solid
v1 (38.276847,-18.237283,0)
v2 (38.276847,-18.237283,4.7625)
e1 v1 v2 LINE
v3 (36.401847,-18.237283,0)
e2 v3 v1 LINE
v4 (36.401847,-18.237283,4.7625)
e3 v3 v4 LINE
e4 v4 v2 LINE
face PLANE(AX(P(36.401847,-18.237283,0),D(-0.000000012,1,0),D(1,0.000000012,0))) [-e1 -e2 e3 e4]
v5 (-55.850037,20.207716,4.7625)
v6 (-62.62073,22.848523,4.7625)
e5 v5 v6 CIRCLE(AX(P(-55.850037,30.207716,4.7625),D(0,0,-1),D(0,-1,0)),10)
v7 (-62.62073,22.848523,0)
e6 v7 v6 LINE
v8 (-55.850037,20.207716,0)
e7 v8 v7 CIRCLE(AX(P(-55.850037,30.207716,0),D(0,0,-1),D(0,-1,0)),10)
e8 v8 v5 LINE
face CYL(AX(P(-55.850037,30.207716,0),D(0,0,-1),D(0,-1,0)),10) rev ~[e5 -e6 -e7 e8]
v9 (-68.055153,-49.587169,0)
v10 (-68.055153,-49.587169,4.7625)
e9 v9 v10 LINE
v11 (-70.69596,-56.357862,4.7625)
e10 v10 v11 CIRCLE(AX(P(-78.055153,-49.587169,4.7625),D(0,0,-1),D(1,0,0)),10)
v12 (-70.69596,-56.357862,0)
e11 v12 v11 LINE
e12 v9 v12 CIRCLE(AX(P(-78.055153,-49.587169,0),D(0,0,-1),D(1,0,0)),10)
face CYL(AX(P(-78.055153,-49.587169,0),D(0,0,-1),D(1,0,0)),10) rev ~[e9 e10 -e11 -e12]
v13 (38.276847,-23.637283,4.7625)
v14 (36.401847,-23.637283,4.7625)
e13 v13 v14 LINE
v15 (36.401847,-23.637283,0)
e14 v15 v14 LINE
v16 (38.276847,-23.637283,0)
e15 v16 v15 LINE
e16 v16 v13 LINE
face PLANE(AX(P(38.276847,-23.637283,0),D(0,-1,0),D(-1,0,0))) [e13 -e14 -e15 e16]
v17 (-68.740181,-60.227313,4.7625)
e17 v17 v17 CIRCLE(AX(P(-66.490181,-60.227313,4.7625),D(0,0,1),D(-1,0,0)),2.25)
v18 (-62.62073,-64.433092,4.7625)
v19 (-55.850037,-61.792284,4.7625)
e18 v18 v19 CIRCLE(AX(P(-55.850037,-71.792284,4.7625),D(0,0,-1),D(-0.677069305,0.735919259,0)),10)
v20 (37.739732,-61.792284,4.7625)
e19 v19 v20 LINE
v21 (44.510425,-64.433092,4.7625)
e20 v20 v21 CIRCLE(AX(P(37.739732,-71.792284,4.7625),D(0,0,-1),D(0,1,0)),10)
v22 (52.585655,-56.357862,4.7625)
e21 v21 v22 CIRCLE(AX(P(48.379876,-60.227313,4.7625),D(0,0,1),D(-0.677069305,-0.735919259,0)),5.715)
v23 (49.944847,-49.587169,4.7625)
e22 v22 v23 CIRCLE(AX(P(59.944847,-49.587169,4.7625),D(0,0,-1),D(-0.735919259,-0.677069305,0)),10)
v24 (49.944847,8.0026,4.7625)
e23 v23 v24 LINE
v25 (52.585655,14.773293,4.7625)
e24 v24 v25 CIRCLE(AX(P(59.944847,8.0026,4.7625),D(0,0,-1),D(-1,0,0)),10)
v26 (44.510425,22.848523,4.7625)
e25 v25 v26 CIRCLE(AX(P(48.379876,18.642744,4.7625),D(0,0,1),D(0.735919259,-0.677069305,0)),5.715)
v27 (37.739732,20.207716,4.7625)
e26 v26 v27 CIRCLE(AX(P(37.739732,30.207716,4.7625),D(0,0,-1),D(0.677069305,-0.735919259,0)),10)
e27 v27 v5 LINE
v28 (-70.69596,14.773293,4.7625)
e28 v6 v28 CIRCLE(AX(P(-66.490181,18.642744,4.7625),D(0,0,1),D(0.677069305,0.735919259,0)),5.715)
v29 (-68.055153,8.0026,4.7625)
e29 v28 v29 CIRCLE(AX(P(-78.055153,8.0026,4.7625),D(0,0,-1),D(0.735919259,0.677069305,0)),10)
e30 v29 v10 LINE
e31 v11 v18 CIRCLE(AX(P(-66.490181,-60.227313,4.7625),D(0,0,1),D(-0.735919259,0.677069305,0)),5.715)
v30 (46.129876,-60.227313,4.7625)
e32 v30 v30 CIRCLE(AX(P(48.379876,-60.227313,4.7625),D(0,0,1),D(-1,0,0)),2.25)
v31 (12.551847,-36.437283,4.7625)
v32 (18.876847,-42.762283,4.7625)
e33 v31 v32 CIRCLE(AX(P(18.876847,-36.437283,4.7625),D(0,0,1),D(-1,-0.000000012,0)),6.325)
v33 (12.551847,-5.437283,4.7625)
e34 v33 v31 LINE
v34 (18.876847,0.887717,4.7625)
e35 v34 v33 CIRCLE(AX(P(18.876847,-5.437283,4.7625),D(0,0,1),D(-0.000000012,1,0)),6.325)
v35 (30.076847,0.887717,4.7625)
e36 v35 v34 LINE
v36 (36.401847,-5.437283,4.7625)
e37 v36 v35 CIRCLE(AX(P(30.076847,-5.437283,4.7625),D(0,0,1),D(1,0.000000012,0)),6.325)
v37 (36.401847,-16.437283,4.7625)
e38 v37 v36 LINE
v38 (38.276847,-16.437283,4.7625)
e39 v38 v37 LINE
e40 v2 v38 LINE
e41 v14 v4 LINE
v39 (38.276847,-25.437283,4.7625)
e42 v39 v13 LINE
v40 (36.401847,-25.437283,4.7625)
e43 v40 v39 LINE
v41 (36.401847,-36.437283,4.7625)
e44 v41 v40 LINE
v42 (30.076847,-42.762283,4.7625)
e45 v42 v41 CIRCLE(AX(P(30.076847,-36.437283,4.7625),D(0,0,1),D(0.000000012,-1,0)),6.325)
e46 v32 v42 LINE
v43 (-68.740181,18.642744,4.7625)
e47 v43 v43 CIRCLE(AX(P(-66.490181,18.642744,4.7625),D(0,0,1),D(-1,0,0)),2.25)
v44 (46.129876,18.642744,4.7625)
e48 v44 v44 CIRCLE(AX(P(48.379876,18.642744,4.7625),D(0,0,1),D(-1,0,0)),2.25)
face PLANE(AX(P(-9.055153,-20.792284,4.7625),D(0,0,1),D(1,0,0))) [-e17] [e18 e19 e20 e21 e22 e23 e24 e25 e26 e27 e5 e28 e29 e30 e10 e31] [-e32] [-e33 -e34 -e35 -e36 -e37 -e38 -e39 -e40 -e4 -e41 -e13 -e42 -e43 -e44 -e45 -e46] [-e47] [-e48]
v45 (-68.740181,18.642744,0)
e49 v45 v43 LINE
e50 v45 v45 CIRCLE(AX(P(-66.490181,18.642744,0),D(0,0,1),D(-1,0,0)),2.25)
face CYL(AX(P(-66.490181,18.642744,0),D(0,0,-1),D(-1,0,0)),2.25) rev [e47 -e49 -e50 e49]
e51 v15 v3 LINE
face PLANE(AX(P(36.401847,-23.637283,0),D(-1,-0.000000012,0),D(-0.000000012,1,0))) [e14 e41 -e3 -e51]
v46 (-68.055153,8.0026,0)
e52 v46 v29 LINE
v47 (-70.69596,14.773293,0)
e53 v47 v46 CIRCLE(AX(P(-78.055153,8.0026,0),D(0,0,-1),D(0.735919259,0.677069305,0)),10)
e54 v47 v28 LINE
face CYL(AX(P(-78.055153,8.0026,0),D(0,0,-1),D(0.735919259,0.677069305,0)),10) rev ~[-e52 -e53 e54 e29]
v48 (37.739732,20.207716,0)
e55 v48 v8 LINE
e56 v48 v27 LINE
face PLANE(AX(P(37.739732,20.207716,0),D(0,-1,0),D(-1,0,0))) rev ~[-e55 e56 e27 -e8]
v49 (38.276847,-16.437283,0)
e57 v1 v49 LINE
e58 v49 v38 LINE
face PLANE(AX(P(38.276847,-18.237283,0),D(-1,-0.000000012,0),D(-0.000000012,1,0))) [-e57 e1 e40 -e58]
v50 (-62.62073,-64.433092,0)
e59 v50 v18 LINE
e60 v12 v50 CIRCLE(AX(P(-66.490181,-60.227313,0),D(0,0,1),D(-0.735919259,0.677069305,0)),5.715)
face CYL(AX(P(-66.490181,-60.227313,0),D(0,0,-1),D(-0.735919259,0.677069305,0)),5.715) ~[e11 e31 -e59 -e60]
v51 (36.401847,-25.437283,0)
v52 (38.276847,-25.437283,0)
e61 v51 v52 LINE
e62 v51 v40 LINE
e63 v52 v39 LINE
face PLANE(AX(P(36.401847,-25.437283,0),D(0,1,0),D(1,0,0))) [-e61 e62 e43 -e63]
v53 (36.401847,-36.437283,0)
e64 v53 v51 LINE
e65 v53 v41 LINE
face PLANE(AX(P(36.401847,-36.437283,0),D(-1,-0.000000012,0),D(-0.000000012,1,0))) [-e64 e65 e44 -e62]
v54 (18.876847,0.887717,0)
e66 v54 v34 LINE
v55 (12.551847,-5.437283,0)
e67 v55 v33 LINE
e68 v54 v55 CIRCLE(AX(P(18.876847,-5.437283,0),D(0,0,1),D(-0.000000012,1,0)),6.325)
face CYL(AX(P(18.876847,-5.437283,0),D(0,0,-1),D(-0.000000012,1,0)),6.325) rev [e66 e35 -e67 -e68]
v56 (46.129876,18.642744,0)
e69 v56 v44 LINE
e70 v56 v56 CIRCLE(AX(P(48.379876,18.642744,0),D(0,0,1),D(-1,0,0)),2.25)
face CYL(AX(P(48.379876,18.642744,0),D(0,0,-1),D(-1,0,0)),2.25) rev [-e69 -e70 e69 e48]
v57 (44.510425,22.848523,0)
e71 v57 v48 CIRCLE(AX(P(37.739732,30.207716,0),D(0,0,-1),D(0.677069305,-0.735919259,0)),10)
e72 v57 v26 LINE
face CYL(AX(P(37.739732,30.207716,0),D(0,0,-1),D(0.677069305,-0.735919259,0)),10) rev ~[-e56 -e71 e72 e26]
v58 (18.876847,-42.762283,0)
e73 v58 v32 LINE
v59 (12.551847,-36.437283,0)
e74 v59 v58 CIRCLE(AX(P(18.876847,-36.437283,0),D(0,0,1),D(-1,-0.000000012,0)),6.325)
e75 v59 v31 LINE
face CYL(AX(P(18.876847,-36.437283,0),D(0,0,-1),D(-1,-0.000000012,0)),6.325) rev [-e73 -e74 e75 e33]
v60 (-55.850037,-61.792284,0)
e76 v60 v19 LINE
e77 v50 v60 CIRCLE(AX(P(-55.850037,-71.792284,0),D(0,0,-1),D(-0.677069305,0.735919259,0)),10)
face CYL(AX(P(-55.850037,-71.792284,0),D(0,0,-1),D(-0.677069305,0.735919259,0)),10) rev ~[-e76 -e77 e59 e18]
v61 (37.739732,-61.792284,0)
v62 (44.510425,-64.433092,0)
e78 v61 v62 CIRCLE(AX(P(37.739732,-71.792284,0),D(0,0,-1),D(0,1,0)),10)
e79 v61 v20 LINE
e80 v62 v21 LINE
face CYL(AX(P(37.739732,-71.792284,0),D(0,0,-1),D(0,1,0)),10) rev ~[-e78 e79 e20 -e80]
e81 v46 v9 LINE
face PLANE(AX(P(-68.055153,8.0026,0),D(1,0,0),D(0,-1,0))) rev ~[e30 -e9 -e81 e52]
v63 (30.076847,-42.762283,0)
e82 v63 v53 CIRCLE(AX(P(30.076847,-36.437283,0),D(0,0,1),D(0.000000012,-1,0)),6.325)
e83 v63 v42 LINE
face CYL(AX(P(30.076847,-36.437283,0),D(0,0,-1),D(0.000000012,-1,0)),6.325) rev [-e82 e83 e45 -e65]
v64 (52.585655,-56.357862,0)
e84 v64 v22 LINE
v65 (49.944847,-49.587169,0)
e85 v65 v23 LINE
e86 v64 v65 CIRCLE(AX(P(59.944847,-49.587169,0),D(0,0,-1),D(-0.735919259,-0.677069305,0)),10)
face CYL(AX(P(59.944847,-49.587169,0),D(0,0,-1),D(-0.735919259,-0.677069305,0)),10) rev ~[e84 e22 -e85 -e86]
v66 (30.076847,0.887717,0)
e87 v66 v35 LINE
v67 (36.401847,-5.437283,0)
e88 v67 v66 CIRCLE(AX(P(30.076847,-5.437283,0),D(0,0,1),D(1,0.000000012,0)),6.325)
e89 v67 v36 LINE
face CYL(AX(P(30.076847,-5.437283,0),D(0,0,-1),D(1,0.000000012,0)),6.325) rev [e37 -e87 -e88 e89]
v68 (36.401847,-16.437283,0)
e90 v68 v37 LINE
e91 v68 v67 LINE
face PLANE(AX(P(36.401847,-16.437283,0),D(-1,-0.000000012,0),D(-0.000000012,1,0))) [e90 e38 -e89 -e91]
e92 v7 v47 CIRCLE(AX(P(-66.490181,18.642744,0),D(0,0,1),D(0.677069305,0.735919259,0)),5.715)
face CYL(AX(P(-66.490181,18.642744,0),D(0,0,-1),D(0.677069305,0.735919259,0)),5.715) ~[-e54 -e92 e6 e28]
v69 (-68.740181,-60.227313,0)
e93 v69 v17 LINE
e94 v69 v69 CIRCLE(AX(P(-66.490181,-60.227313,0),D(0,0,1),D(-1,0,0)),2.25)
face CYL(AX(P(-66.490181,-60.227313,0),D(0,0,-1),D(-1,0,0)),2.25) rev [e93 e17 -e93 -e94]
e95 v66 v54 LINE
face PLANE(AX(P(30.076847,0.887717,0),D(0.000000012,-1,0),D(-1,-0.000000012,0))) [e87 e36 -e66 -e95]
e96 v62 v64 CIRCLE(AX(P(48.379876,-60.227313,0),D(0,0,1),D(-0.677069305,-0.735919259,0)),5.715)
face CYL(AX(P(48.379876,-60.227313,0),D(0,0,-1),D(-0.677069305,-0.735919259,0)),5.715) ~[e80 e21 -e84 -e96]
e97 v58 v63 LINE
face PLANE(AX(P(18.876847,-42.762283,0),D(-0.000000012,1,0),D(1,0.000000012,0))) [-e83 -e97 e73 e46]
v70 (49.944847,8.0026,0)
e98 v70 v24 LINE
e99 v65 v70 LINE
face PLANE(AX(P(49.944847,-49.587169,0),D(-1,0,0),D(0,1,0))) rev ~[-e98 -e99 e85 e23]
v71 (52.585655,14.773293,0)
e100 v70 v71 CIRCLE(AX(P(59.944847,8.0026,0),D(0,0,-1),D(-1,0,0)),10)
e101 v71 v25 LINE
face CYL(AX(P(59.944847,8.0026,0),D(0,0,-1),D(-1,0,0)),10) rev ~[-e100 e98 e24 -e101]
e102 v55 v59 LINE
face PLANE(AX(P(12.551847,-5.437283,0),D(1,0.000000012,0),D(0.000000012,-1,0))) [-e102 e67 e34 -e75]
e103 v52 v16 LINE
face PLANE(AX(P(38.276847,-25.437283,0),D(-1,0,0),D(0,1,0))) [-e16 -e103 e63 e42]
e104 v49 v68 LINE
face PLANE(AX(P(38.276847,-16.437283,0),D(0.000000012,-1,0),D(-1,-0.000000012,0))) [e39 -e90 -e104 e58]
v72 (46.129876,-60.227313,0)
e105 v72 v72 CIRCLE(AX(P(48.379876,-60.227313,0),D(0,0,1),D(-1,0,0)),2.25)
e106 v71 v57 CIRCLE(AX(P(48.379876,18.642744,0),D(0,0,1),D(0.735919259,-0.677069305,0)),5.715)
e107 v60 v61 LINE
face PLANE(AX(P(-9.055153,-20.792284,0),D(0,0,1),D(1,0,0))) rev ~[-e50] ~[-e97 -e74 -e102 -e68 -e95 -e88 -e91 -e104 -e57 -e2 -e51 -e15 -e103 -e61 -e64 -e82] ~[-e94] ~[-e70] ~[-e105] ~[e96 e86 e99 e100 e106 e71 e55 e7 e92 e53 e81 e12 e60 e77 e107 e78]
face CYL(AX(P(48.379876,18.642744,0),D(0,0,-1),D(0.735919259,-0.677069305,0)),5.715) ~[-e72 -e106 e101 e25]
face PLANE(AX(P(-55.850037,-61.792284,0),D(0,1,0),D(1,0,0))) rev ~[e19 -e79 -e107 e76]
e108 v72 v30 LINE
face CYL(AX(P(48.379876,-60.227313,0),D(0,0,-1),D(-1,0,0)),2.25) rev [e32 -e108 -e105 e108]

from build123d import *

# Parameters (mm, degrees)
SKETCH2_R           = 2.25
BOSS_EXTRUDE1_DEPTH = 4.7625


with BuildPart() as part:
    # Sketch2 → Boss-Extrude1 (new body)
    with BuildSketch(Plane.XY):
        with BuildLine():
            Line((-68.055152616, 8.002600295), (-68.055152616, -49.587169128))
            ThreePointArc((-68.055152616, -49.587169128), (-68.738717517, -53.22090509), (-70.695960025, -56.35786218))
            ThreePointArc((-70.695960025, -56.35786218), (-70.531296713, -64.268428513), (-62.62073038, -64.433091825))
            ThreePointArc((-62.62073038, -64.433091825), (-59.48377329, -62.475849317), (-55.850037328, -61.792284416))
            Line((-55.850037328, -61.792284416), (37.739732095, -61.792284416))
            ThreePointArc((37.739732095, -61.792284416), (41.373468058, -62.475849317), (44.510425147, -64.433091825))
            ThreePointArc((44.510425147, -64.433091825), (52.420991481, -64.268428513), (52.585654792, -56.35786218))
            ThreePointArc((52.585654792, -56.35786218), (50.628412285, -53.22090509), (49.944847384, -49.587169128))
            Line((49.944847384, -49.587169128), (49.944847384, 8.002600295))
            ThreePointArc((49.944847384, 8.002600295), (50.628412285, 11.636336257), (52.585654792, 14.773293347))
            ThreePointArc((52.585654792, 14.773293347), (52.420991481, 22.683859681), (44.510425147, 22.848522992))
            ThreePointArc((44.510425147, 22.848522992), (41.373468058, 20.891280484), (37.739732095, 20.207715584))
            Line((37.739732095, 20.207715584), (-55.850037328, 20.207715584))
            ThreePointArc((-55.850037328, 20.207715584), (-59.48377329, 20.891280484), (-62.62073038, 22.848522992))
            ThreePointArc((-62.62073038, 22.848522992), (-70.531296713, 22.683859681), (-70.695960025, 14.773293347))
            ThreePointArc((-70.695960025, 14.773293347), (-68.738717517, 11.636336257), (-68.055152616, 8.002600295))
        make_face()
        with Locations(Location((-66.490181459, 18.642744426, 0), (0, 0, 180))):
            Circle(SKETCH2_R, mode=Mode.SUBTRACT)
        with Locations(Location((48.379876226, 18.642744426, 0), (0, 0, 180))):
            Circle(SKETCH2_R, mode=Mode.SUBTRACT)
        with Locations(Location((48.379876226, -60.227313259, 0), (0, 0, 180))):
            Circle(SKETCH2_R, mode=Mode.SUBTRACT)
        with Locations(Location((-66.490181459, -60.227313259, 0), (0, 0, 180))):
            Circle(SKETCH2_R, mode=Mode.SUBTRACT)
        with BuildLine():
            Line((30.076846635, 0.887717024), (18.876846635, 0.88771689))
            ThreePointArc((18.876846635, 0.88771689), (14.404396266, -0.964832772), (12.551846711, -5.437283185))
            Line((12.551846711, -5.437283185), (12.55184708, -36.437283185))
            ThreePointArc((12.55184708, -36.437283185), (14.404396743, -40.909733554), (18.876847156, -42.76228311))
            Line((18.876847156, -42.76228311), (30.076847156, -42.762282976))
            ThreePointArc((30.076847156, -42.762282976), (34.549297525, -40.909733314), (36.40184708, -36.437282901))
            Line((36.40184708, -36.437282901), (36.401846949, -25.437282901))
            Line((36.401846949, -25.437282901), (38.276846863, -25.437282901))
            Line((38.276846863, -25.437282901), (38.276846863, -23.637282901))
            Line((38.276846863, -23.637282901), (36.401846928, -23.637282901))
            Line((36.401846928, -23.637282901), (36.401846863, -18.237282901))
            Line((36.401846863, -18.237282901), (38.276846863, -18.237282879))
            Line((38.276846863, -18.237282879), (38.276846842, -16.437282879))
            Line((38.276846842, -16.437282879), (36.401846842, -16.437282901))
            Line((36.401846842, -16.437282901), (36.401846711, -5.437282901))
            ThreePointArc((36.401846711, -5.437282901), (34.549297048, -0.964832532), (30.076846635, 0.887717024))
        make_face(mode=Mode.SUBTRACT)
    extrude(amount=BOSS_EXTRUDE1_DEPTH)


solid = part.part
